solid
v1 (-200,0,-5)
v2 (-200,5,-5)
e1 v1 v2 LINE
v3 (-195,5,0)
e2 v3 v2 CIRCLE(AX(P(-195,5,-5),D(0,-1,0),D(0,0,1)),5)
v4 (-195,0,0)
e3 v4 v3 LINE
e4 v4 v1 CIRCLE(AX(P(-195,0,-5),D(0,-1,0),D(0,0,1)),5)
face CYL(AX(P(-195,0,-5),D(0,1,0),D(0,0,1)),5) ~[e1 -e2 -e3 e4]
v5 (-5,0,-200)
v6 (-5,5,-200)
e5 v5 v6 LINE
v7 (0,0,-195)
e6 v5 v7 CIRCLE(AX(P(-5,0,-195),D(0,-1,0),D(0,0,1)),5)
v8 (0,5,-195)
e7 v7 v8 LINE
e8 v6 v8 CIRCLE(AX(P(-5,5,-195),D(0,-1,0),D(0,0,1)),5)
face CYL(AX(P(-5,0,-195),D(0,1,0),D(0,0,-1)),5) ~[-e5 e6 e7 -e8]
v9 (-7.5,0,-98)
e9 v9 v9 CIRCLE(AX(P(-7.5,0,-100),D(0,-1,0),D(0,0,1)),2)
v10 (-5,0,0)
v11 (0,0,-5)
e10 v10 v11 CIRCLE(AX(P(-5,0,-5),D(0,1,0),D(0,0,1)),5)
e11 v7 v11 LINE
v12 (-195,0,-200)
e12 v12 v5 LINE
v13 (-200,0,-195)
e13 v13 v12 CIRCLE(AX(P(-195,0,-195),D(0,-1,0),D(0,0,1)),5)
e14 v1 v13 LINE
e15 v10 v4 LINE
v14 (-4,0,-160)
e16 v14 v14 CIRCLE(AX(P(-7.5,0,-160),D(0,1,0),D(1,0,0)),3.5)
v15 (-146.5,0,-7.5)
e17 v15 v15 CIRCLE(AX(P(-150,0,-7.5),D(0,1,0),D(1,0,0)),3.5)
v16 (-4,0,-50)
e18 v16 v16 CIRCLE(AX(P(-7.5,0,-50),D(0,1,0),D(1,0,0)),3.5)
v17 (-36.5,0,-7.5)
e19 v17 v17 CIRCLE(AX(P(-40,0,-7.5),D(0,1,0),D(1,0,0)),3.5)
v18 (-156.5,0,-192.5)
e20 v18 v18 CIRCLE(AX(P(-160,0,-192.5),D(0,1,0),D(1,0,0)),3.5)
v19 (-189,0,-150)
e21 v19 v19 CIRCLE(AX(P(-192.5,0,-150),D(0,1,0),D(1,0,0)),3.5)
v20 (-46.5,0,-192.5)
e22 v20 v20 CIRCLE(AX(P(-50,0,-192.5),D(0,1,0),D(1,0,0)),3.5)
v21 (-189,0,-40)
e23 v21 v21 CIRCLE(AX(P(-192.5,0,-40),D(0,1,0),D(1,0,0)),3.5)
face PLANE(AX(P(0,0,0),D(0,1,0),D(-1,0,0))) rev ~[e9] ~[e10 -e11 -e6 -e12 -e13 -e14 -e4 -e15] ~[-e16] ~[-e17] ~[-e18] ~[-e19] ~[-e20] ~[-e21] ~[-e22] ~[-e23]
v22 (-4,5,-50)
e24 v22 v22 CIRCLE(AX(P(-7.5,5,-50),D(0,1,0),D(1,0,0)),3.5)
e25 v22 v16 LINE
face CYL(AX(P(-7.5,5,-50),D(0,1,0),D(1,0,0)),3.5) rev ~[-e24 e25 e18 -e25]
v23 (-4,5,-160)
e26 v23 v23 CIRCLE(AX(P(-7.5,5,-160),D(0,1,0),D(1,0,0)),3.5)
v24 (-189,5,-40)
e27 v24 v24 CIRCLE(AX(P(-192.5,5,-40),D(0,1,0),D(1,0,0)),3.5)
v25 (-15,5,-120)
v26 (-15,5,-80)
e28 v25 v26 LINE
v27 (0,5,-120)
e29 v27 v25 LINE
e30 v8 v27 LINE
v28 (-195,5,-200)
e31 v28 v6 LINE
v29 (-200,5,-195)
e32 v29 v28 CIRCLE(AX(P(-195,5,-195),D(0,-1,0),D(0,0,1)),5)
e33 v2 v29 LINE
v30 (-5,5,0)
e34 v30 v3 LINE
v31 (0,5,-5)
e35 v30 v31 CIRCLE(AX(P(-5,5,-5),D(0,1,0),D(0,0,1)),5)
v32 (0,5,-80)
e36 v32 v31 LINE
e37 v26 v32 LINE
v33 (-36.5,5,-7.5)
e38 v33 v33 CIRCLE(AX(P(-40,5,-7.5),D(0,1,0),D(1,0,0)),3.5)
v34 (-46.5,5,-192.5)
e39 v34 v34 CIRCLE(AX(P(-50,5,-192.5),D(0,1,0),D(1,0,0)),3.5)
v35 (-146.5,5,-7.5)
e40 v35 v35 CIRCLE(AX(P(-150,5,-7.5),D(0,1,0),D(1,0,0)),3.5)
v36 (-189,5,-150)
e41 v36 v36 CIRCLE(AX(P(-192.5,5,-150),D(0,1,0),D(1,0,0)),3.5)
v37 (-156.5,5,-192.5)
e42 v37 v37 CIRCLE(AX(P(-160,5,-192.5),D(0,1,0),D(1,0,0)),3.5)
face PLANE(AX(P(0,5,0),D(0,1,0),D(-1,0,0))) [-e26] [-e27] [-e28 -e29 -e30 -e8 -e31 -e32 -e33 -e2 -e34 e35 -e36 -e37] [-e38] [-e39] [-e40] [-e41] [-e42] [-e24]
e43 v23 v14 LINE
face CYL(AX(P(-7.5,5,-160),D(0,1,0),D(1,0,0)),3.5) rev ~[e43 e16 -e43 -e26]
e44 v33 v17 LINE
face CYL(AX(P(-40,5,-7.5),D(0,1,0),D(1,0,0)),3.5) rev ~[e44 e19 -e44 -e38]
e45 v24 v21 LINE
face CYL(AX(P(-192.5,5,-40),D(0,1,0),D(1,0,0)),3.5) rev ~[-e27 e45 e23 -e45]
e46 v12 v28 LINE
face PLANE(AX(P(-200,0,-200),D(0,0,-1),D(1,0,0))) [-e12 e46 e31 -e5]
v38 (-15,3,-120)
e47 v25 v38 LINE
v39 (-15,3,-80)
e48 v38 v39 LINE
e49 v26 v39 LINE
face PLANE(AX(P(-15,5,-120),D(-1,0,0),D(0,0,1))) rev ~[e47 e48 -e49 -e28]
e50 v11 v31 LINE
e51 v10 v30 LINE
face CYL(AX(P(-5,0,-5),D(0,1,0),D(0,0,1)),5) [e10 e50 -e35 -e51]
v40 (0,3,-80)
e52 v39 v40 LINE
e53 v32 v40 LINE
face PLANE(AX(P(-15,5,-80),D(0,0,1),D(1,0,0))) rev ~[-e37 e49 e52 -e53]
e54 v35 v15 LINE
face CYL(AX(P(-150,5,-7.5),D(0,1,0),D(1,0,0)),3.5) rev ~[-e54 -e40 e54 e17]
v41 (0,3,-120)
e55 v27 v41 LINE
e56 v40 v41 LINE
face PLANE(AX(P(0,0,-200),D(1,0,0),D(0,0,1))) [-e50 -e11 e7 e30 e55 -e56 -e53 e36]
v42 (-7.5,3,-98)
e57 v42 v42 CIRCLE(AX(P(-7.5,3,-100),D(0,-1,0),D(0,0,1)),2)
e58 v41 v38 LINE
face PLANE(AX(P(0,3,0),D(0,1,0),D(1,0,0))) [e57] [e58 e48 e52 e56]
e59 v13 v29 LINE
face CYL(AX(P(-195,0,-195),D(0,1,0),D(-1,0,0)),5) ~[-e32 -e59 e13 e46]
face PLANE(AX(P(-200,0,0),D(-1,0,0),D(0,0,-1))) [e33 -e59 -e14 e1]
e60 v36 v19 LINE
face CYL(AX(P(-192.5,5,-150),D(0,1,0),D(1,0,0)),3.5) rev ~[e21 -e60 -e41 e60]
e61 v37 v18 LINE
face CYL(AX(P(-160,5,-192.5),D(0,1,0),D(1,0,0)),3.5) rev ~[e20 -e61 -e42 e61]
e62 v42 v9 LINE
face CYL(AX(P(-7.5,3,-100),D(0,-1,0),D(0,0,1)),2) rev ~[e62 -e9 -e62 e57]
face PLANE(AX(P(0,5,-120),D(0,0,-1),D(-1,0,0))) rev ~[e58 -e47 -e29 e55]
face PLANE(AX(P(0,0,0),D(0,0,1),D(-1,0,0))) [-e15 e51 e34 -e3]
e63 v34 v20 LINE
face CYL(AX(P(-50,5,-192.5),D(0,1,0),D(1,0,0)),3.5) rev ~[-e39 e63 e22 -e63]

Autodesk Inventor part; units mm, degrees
ref_plane "YZ Plane" through (0, 0, 0) normal (1, 0, 0) x (0, 1, 0)
ref_plane "XZ Plane" through (0, 0, 0) normal (0, 1, 0) x (-1, 0, 0)
sketch "Sketch1" plane through (0, 0, 0) normal (0, 1, 0) x (-1, 0, 0)
  line L0 (0, 0) -> (200, 0)
  line L1 (200, 0) -> (200, -200)
  line L2 (200, -200) -> (0, -200)
  line L3 (0, -200) -> (0, 0)
  dimension "d0" = 200
  dimension "d1" = 200
extrude "Extrusion1" add sketch "Sketch1" along normal blind 5
fillet "Fillet2" radius 5 4 edges at (0, 2.5, 0) (0, 2.5, -200) (-200, 2.5, 0) (-200, 2.5, -200)
sketch "Sketch4" plane through (0, 5, 0) normal (0, 1, 0) x (1, 0, 0)
  circle A0 centre (-7.5, 50) radius 3.5
  circle A1 centre (-40, 7.5) radius 3.5
  line L0 (-195, 0) -> (-5, 0) projected
  line L1 (0, 5) -> (0, 195) projected
  circle A2 centre (-150, 7.5) radius 3.5
  circle A3 centre (-192.5, 40) radius 3.5
  line L2 (-200, 195) -> (-200, 5) projected
  circle A4 centre (-192.5, 150) radius 3.5
  circle A5 centre (-160, 192.5) radius 3.5
  circle A6 centre (-50, 192.5) radius 3.5
  circle A7 centre (-7.5, 160) radius 3.5
  line L3 (-5, 200) -> (-195, 200) projected
  point P0 (0, 0)
  dimension "d42" = 7
  dimension "d43" = 7
  dimension "d44" = 50
  dimension "d45" = 40
  dimension "d46" = 7.5
  dimension "d47" = 7.5
  dimension "d48" = 7
  dimension "d49" = 7
  dimension "d50" = 40
  dimension "d51" = 50
  dimension "d52" = 7.5
  dimension "d53" = 7.5
  dimension "d73" = 7.5
  dimension "d74" = 7.5
  dimension "d75" = 7.5
  dimension "d76" = 7.5
  dimension "d77" = 7
  dimension "d78" = 7
  dimension "d79" = 7
  dimension "d80" = 7
  dimension "d81" = 50
  dimension "d82" = 40
  dimension "d83" = 50
  dimension "d84" = 40
extrude "Extrusion4" cut sketch "Sketch4" against normal through all
ref_plane "Work Plane2" through (-195, 0, -100) normal (0, 0, 1) x (1, 0, 0)
sketch "Sketch5" plane through (0, 5, 0) normal (0, 1, 0) x (1, 0, 0)
  line L0 (-195, 0) -> (-5, 0) projected
  line L1 (-5, 200) -> (-195, 200) projected
  line L2 (0, 120) -> (-15, 120)
  line L3 (-15, 120) -> (-15, 80)
  line L4 (-15, 80) -> (0, 80)
  line L5 (0, 80) -> (0, 120)
  line L6 (0, 5) -> (0, 195) projected
  point P0 (0, 0)
  dimension "d58" = 80
  dimension "d59" = 80
  dimension "d60" = 15
  dimension "d61" = 0
extrude "Extrusion5" cut sketch "Sketch5" against normal blind 2
sketch "Sketch6" plane through (0, 3, 0) normal (0, 1, 0) x (1, 0, 0)
  line L0 (0, 120) -> (0, 80) projected
  line L1 (0, 80) -> (-15, 80) projected
  point P0 (0, 0)
  point P1 (-7.5, 100)
  dimension "d64" = 7.5
  dimension "d65" = 20
hole "Hole1" at (-7.5, 3, -100) direction (0, -1, 0) diameter 4 end through all
properties part number "top_plate"
